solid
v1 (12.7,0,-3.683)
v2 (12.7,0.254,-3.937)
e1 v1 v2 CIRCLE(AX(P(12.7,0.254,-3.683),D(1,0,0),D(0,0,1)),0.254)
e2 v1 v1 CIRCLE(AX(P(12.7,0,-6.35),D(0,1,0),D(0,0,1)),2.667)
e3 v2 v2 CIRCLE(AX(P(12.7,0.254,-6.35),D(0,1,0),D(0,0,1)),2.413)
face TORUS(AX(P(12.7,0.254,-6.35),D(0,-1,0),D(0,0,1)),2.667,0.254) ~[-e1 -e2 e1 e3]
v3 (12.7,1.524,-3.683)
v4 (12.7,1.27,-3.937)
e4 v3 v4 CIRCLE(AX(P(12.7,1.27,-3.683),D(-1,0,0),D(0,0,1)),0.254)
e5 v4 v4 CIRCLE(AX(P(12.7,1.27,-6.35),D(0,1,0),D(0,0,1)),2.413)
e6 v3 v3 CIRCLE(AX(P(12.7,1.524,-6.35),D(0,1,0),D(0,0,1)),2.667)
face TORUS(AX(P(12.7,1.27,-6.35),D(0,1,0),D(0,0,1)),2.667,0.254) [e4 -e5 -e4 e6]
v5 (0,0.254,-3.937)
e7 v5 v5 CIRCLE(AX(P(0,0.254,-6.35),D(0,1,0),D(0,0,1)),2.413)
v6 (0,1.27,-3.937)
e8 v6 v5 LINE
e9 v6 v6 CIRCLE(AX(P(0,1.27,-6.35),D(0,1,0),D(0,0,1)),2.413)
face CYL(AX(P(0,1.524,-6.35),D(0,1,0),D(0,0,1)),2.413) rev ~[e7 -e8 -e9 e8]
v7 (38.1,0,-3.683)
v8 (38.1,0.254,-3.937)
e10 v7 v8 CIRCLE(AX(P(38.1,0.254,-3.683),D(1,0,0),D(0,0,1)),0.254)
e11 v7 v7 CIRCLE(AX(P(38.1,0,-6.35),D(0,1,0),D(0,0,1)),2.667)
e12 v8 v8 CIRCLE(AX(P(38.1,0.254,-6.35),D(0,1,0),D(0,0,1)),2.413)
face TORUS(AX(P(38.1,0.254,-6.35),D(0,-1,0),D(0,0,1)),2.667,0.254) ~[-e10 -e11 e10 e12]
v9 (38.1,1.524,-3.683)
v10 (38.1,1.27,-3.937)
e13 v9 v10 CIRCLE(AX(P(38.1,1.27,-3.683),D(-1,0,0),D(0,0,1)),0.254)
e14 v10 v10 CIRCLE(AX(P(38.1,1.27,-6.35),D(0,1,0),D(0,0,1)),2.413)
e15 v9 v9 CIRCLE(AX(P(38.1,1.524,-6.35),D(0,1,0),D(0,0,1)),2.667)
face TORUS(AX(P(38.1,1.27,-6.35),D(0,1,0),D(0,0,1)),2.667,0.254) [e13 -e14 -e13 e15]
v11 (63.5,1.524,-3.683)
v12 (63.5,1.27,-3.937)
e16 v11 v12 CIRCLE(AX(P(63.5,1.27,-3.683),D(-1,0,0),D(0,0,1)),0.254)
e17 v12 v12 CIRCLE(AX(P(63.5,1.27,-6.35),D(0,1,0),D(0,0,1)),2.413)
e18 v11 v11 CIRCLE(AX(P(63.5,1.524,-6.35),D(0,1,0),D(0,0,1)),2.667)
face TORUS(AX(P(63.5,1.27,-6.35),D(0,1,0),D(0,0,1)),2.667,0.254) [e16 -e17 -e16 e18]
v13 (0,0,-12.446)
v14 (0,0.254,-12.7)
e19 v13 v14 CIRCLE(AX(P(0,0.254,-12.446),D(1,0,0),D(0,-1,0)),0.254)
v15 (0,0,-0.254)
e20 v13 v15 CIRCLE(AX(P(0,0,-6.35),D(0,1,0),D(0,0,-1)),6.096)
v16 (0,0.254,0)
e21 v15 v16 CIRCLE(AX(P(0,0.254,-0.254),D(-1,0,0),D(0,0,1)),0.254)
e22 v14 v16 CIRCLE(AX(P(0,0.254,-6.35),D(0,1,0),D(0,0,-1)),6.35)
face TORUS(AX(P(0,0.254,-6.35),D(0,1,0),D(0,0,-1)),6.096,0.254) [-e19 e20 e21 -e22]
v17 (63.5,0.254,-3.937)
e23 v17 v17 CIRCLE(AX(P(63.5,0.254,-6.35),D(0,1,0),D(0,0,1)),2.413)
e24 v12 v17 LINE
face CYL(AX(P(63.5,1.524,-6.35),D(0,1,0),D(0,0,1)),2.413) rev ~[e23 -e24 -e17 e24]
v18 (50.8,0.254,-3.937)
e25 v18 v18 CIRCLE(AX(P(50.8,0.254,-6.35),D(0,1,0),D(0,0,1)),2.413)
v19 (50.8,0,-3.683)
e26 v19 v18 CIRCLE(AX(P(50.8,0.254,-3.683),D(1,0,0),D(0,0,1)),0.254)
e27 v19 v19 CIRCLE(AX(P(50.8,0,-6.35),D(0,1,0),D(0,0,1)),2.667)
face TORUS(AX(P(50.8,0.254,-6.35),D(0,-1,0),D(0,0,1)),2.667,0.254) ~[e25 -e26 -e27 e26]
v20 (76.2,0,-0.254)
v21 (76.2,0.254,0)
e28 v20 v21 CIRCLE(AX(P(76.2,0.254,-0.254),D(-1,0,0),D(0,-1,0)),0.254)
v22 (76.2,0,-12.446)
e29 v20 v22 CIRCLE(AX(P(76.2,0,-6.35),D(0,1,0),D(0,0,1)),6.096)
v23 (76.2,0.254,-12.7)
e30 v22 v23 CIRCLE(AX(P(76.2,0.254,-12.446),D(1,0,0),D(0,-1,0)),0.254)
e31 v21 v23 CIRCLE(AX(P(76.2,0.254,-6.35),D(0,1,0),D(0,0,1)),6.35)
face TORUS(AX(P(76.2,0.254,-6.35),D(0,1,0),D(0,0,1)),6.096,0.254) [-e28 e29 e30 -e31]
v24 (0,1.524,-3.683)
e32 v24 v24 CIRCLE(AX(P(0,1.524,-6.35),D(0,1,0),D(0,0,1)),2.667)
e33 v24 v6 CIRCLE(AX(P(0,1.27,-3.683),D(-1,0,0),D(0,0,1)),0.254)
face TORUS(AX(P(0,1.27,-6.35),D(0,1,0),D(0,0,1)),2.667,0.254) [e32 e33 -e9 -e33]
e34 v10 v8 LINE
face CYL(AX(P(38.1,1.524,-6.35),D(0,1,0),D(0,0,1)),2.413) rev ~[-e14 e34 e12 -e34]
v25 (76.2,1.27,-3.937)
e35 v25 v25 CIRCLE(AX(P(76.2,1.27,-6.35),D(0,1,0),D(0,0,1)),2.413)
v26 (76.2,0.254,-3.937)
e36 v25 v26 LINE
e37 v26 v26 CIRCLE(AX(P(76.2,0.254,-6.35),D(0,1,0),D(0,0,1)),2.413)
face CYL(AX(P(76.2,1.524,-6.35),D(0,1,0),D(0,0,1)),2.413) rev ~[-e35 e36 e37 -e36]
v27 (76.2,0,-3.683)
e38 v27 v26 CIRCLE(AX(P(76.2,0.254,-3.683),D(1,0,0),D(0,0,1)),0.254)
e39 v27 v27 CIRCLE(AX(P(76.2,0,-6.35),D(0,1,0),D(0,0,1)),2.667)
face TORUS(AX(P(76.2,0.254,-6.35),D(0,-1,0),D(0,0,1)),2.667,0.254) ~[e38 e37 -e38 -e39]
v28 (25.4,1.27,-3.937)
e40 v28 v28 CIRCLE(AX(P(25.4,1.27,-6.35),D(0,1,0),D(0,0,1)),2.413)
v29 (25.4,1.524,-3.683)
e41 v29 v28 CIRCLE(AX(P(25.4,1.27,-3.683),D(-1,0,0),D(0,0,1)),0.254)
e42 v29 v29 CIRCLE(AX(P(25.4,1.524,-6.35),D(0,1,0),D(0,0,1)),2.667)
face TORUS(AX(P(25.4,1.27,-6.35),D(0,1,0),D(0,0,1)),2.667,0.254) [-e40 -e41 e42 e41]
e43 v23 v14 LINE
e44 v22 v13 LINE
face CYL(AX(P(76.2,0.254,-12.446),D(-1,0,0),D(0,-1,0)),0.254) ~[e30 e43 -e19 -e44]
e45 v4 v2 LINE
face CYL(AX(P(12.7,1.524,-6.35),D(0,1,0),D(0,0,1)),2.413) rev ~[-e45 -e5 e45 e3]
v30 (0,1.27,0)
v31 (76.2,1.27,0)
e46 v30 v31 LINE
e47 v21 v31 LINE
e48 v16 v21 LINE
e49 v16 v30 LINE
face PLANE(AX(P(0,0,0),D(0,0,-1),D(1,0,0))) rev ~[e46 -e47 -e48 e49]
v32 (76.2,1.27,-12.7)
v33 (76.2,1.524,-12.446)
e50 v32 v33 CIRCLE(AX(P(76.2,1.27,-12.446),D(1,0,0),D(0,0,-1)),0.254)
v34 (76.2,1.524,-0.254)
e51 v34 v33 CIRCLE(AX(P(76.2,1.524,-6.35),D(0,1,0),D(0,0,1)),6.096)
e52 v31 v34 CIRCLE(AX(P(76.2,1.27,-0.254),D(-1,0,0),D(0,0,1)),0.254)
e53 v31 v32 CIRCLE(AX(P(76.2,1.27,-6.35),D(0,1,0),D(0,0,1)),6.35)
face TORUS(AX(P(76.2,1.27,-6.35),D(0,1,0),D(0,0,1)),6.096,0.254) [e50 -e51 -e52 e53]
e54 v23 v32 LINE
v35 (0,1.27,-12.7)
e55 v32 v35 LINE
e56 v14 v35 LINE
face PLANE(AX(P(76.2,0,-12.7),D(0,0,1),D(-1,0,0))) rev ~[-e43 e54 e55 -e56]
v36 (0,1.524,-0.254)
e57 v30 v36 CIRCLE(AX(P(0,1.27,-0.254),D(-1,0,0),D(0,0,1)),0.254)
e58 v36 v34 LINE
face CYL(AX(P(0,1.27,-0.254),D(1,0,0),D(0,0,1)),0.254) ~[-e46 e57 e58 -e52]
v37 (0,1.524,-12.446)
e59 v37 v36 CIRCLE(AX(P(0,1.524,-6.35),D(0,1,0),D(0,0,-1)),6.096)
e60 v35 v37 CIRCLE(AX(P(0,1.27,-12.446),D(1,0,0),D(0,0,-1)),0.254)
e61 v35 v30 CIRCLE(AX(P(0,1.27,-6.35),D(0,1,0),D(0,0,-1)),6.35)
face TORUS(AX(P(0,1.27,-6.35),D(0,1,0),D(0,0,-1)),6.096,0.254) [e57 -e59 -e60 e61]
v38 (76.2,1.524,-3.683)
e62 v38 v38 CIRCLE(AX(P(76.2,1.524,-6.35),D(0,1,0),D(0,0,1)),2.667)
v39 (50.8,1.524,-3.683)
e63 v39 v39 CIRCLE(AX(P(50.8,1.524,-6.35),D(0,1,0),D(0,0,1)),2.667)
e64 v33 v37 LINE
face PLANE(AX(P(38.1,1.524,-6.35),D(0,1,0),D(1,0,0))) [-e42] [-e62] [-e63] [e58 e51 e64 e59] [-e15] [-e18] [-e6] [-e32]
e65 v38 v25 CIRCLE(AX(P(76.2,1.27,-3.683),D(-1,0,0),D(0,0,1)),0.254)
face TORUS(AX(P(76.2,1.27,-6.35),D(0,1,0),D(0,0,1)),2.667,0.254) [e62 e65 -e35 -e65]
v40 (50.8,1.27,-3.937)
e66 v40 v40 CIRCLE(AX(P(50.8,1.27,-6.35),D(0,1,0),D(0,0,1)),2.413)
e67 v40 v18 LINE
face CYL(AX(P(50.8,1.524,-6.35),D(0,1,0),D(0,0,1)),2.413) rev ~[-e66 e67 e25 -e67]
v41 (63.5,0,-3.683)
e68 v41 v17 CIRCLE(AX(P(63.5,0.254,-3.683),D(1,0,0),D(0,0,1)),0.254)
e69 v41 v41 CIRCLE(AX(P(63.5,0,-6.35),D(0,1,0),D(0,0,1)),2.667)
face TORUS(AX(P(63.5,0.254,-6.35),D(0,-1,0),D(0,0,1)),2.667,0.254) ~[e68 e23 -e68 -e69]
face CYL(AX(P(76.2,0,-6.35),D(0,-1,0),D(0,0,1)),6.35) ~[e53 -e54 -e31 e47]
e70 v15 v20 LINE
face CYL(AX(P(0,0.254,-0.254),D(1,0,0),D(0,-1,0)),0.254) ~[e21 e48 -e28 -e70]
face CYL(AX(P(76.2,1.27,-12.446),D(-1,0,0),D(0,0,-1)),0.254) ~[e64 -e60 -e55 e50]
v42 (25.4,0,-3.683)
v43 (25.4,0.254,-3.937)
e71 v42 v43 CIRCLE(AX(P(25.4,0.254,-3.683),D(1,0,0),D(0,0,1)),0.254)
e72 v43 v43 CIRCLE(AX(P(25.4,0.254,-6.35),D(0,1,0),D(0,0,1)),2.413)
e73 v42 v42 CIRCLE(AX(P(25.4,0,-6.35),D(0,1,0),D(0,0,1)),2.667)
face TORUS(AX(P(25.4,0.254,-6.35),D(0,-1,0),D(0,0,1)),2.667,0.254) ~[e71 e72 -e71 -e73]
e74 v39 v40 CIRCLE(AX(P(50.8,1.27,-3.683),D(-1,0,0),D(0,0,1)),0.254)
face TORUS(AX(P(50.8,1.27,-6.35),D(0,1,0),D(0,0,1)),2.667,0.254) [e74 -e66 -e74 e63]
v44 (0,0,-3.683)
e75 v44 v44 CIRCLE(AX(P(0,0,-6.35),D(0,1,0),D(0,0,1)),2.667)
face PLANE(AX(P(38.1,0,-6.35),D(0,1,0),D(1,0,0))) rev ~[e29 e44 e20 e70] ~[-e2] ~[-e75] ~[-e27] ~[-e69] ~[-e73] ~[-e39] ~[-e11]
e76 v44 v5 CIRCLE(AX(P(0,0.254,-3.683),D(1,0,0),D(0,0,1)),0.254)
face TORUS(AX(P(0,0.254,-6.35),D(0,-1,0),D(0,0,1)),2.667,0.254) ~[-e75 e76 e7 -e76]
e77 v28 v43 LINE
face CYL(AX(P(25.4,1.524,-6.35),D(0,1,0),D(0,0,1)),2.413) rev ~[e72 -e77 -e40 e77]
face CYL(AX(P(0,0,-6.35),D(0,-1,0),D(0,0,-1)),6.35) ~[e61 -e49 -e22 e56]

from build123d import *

# Parameters (mm, degrees)
EXTRUDE1_DEPTH     = 1.524
SKETCH2_R          = 2.413
CUT_EXTRUDE1_DEPTH = 84.535112833
LPATTERN1_COUNT    = 7
LPATTERN1_PITCH    = 12.7
FILLET1_R          = 0.254


with BuildPart() as part:
    # Sketch1 → Extrude1 (new body)
    with BuildSketch(Plane(origin=(0, 0, 0), x_dir=(1, 0, 0), z_dir=(0, 1, 0))):
        with BuildLine():
            Line((0, 0), (76.2, 0))
            ThreePointArc((76.2, 0), (82.55, 6.35), (76.2, 12.7))
            Line((76.2, 12.7), (0, 12.7))
            ThreePointArc((0, 12.7), (-6.35, 6.35), (0, 0))
        make_face()
    extrude(amount=EXTRUDE1_DEPTH)

    # Sketch2 → Cut-Extrude1 (cut, through all)
    with BuildSketch(Plane(origin=(0, 1.524, 0), x_dir=(-1, 0, 0), z_dir=(0, 1, 0))):
        with Locations(Location((0, -6.35, 0), (0, 0, 90))):
            Circle(SKETCH2_R)
    cut_extrude1 = extrude(amount=-CUT_EXTRUDE1_DEPTH, mode=Mode.SUBTRACT)

    # LPattern1: Cut-Extrude1 ×7
    with Locations(*[(i * LPATTERN1_PITCH, 0, 0) for i in range(1, LPATTERN1_COUNT)]):
        add(cut_extrude1, mode=Mode.SUBTRACT)

    # Fillet1
    fillet1_edges = [part.edges().sort_by_distance(p)[0] for p in [
        (82.55, 1.524, -6.35),
        (38.1, 1.524, -12.7),
        (0, 0, -8.763),
        (0, 1.524, -8.763),
        (12.7, 0, -8.763),
        (12.7, 1.524, -8.763),
        (25.4, 0, -8.763),
        (25.4, 1.524, -8.763),
        (38.1, 0, -8.763),
        (38.1, 1.524, -8.763),
        (50.8, 0, -8.763),
        (50.8, 1.524, -8.763),
        (63.5, 0, -8.763),
        (63.5, 1.524, -8.763),
        (76.2, 0, -8.763),
        (76.2, 1.524, -8.763),
        (-6.35, 1.524, -6.35),
        (38.1, 0, -12.7),
        (82.55, 0, -6.35),
        (38.1, 0, 0),
        (-6.35, 0, -6.35),
        (38.1, 1.524, 0),
    ]]
    fillet(fillet1_edges, radius=FILLET1_R)


solid = part.part
